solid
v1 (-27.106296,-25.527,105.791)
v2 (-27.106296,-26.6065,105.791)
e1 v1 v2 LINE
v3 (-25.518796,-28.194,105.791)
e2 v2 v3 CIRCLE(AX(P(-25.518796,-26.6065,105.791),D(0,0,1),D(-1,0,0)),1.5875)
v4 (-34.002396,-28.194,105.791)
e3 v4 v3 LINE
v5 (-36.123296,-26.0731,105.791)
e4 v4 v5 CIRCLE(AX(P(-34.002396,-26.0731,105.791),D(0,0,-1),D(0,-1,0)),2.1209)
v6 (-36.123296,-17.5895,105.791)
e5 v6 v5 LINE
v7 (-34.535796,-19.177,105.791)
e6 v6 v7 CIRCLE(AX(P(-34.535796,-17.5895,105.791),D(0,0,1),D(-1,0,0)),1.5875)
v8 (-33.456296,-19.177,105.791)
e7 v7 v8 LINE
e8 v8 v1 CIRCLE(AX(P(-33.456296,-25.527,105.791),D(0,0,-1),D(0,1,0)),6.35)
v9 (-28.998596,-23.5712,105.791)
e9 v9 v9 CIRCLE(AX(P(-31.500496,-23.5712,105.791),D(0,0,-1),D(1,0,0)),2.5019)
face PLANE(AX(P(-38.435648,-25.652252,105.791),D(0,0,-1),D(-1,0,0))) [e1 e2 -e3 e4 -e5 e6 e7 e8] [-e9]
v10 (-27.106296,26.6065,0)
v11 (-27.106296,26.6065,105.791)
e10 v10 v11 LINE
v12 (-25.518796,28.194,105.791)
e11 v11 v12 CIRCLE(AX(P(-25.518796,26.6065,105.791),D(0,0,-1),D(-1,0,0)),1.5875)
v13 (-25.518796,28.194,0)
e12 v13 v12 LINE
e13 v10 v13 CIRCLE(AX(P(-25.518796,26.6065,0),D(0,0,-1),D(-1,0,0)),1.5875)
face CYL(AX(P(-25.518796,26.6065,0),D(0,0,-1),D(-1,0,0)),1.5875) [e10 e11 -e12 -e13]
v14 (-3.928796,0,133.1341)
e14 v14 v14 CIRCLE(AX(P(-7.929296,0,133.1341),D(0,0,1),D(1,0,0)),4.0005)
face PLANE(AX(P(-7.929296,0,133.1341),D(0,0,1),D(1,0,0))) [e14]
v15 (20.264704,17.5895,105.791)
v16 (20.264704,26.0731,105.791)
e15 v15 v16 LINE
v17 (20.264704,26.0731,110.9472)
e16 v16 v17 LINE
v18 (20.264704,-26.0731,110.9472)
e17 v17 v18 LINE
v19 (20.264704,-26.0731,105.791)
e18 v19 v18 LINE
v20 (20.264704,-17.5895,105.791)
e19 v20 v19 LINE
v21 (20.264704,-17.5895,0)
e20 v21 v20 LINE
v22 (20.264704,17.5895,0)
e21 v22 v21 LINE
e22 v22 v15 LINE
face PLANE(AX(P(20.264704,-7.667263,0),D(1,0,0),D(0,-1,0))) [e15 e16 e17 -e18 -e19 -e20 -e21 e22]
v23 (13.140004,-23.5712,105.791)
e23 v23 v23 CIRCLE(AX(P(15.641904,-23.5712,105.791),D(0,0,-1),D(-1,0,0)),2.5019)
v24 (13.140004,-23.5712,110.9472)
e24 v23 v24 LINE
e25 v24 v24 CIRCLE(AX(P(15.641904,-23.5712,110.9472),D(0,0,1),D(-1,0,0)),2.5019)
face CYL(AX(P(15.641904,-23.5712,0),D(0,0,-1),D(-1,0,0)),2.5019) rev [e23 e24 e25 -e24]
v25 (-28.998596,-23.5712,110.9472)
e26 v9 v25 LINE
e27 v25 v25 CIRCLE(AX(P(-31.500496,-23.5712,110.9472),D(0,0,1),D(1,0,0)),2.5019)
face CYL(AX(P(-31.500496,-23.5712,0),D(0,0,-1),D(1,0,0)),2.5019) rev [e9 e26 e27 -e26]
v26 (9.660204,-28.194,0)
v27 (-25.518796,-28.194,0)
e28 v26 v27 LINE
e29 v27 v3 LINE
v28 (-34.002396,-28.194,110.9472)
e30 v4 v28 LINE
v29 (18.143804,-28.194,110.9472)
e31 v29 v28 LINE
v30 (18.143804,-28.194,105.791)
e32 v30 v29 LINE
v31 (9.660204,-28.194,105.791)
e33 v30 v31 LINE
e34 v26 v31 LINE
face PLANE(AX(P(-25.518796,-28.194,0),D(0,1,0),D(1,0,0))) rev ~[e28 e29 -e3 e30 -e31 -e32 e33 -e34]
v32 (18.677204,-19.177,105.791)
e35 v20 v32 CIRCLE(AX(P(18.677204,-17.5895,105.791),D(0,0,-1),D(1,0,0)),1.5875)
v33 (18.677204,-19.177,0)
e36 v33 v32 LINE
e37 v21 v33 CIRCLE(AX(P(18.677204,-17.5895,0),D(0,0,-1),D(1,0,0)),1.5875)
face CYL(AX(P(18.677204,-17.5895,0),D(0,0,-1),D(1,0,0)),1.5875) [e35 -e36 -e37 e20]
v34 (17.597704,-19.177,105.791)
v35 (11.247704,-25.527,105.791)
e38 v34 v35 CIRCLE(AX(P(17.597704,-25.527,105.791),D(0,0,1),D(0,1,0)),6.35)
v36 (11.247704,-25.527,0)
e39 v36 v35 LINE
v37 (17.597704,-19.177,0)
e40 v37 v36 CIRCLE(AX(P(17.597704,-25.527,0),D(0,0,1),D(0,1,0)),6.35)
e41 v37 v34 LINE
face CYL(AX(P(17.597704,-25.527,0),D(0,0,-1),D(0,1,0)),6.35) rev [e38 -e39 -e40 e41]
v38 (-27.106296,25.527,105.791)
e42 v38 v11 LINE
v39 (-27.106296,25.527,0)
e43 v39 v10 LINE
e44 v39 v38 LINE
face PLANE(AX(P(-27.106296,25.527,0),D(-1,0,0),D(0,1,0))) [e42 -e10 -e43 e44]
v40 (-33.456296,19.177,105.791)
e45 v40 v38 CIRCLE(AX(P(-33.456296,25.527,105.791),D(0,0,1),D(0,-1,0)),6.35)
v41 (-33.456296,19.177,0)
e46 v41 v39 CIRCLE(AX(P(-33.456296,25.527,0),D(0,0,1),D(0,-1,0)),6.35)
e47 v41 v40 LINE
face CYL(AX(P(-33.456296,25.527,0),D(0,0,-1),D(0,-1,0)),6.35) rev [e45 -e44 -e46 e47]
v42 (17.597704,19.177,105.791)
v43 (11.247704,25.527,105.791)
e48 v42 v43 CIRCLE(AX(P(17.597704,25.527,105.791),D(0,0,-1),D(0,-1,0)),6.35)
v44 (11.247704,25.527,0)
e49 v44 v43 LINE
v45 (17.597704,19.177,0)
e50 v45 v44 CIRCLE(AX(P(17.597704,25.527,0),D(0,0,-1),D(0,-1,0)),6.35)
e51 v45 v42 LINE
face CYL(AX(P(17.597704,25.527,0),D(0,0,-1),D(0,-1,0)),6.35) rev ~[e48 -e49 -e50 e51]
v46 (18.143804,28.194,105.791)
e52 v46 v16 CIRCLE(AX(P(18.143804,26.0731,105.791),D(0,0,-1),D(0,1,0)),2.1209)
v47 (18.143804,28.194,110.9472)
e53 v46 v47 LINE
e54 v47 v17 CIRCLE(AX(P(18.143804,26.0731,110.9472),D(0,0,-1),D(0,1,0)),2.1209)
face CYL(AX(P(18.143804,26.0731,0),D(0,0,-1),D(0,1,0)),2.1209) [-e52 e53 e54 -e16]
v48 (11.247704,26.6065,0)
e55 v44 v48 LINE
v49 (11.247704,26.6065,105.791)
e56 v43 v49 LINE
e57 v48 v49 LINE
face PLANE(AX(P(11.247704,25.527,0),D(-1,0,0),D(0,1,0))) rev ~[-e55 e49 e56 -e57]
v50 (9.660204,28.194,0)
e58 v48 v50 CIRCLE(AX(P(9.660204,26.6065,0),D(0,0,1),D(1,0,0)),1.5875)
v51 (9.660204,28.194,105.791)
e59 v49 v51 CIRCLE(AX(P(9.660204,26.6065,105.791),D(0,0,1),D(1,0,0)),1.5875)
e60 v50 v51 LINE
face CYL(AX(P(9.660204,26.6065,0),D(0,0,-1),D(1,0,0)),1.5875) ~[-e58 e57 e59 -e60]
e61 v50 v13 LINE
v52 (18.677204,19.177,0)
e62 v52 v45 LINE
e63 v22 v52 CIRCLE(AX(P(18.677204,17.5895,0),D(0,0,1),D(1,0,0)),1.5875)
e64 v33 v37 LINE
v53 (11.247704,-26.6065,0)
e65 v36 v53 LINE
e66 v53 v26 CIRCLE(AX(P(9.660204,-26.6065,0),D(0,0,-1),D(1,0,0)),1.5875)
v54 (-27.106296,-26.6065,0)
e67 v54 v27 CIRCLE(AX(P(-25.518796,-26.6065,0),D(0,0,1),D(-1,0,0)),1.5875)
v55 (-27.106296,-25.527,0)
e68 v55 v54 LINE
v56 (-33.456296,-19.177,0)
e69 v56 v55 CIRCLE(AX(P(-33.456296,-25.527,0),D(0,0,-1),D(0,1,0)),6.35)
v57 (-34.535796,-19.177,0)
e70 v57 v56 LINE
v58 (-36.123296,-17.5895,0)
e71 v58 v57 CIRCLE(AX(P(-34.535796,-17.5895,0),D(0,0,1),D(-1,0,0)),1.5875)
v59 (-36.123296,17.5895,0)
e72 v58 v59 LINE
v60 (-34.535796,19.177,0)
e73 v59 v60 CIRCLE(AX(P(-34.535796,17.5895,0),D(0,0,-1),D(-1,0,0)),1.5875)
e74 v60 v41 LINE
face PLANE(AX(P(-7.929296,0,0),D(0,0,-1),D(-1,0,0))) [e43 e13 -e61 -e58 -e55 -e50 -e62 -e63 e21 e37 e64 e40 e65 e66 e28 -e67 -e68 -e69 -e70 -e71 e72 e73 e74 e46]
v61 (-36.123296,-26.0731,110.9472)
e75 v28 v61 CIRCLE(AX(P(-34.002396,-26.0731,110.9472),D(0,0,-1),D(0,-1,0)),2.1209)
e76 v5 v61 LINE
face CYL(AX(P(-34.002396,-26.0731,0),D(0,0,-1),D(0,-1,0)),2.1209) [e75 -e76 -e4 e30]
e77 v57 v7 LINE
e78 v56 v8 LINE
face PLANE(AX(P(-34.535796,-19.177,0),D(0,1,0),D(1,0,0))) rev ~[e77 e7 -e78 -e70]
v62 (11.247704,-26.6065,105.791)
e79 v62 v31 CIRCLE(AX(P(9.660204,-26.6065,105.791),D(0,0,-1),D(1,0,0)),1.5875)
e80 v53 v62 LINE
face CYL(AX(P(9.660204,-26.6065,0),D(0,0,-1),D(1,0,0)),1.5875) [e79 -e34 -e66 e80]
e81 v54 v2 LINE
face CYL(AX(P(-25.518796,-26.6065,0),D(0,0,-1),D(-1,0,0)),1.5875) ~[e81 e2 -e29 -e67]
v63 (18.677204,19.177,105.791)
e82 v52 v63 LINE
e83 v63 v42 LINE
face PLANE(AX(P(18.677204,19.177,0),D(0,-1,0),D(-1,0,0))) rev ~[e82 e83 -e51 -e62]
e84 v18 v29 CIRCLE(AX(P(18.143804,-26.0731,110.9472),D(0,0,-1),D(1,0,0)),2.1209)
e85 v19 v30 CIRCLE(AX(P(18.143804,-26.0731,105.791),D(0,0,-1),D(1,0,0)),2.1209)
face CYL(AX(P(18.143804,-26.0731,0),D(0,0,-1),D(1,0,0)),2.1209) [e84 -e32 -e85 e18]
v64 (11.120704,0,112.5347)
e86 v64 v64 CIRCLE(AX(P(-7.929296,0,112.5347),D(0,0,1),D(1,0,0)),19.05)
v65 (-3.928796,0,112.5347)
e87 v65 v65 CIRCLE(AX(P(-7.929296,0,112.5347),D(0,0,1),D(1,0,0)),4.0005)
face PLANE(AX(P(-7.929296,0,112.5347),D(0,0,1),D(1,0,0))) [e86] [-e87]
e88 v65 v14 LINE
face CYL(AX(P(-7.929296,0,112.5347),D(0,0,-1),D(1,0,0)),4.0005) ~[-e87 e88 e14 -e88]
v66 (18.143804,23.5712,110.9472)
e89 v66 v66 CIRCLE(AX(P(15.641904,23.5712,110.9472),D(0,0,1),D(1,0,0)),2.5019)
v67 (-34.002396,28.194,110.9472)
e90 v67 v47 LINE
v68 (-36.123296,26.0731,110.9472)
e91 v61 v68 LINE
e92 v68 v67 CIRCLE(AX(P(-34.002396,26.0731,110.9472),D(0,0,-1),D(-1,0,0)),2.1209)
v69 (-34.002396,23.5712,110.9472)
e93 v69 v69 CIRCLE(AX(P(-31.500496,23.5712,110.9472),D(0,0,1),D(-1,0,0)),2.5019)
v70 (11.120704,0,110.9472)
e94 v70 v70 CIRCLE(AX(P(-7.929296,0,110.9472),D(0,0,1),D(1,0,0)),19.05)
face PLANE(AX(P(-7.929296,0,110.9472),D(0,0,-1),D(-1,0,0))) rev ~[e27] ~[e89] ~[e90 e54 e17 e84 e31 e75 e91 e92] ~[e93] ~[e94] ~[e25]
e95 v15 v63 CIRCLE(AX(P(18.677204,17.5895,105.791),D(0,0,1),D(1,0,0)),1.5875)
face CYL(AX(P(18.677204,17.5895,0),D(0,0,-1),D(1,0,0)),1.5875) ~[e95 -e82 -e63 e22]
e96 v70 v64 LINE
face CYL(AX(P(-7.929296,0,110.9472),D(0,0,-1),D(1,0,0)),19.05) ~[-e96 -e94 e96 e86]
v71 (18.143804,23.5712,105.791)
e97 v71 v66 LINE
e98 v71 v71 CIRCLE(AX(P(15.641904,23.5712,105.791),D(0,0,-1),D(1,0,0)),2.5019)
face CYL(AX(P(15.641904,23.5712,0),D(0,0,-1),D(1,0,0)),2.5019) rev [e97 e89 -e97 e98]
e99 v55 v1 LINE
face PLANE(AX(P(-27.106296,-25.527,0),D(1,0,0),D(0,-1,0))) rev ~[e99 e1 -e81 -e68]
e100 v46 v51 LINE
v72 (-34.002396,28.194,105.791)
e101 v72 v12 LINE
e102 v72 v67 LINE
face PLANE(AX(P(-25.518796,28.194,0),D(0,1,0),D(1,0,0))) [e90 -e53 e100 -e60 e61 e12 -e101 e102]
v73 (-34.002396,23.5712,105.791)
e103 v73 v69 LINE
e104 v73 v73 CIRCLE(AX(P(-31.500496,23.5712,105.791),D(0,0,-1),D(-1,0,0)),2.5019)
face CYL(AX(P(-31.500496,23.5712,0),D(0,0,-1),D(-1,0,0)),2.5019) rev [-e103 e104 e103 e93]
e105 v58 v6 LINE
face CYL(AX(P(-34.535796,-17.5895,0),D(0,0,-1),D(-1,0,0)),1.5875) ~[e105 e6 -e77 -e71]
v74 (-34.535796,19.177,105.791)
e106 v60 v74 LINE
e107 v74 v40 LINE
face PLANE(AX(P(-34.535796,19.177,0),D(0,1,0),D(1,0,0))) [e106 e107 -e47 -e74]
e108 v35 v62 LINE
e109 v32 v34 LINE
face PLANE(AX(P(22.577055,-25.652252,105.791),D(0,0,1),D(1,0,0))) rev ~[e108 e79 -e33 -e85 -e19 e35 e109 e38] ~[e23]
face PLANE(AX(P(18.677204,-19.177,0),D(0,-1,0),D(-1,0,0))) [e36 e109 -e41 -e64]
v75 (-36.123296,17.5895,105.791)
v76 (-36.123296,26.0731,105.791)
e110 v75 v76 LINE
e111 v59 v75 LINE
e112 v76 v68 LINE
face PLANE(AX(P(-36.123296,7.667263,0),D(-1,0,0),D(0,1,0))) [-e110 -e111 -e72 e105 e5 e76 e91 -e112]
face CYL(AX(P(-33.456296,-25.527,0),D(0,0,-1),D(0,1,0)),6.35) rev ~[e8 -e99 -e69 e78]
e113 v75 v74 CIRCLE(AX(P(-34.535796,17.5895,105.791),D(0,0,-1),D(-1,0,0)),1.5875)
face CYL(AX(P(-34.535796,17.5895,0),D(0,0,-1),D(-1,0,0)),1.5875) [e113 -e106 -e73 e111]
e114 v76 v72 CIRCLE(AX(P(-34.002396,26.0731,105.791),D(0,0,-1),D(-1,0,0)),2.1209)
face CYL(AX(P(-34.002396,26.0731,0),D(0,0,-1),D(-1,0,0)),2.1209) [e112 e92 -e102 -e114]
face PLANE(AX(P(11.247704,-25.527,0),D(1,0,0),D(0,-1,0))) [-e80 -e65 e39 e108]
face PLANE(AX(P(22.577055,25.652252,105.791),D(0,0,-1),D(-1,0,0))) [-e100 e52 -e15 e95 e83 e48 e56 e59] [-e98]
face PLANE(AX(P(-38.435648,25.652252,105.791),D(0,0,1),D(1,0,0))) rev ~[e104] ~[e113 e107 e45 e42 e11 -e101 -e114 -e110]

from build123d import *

# Parameters (mm, degrees)
SKETCH1_R           = 2.5019
BOSS_EXTRUDE1_DEPTH = 110.9472
SKETCH2_R           = 19.05
BOSS_EXTRUDE2_DEPTH = 1.5875
SKETCH3_R           = 4.0005
BOSS_EXTRUDE3_DEPTH = 20.5994
CUT_EXTRUDE1_DEPTH  = 105.791


with BuildPart() as part:
    # Sketch1 → Boss-Extrude1 (new body)
    with BuildSketch(Plane.XY):
        with BuildLine():
            Line((-34.002396427, 28.194), (18.143803573, 28.194))
            ThreePointArc((18.143803573, 28.194), (19.643506345, 27.572802772), (20.264703573, 26.0731))
            Line((20.264703573, 26.0731), (20.264703573, -26.0731))
            ThreePointArc((20.264703573, -26.0731), (19.643506345, -27.572802772), (18.143803573, -28.194))
            Line((18.143803573, -28.194), (-34.002396427, -28.194))
            ThreePointArc((-34.002396427, -28.194), (-35.502099199, -27.572802772), (-36.123296427, -26.0731))
            Line((-36.123296427, -26.0731), (-36.123296427, 26.0731))
            ThreePointArc((-36.123296427, 26.0731), (-35.502099199, 27.572802772), (-34.002396427, 28.194))
        make_face()
        with Locations((15.641903573, 23.5712)):
            Circle(SKETCH1_R, mode=Mode.SUBTRACT)
        with Locations(Location((-31.500496427, 23.5712, 0), (0, 0, 180))):
            Circle(SKETCH1_R, mode=Mode.SUBTRACT)
        with Locations((-31.500496427, -23.5712)):
            Circle(SKETCH1_R, mode=Mode.SUBTRACT)
        with Locations(Location((15.641903573, -23.5712, 0), (0, 0, 180))):
            Circle(SKETCH1_R, mode=Mode.SUBTRACT)
    extrude(amount=BOSS_EXTRUDE1_DEPTH)

    # Sketch2 → Boss-Extrude2 (add)
    with BuildSketch(Plane.XY.offset(110.9472)):
        with Locations((-7.929296427, 0)):
            Circle(SKETCH2_R)
    extrude(amount=BOSS_EXTRUDE2_DEPTH)

    # Sketch3 → Boss-Extrude3 (add)
    with BuildSketch(Plane.XY.offset(112.5347)):
        with Locations((-7.929296427, 0)):
            Circle(SKETCH3_R)
    extrude(amount=BOSS_EXTRUDE3_DEPTH)

    # Sketch4 → Cut-Extrude1 (cut)
    with BuildSketch(Plane(origin=(0, 0, 0), x_dir=(-1, 0, 0), z_dir=(0, 0, -1))):
        with BuildLine():
            Line((34.535796427, -19.177), (33.456296427, -19.177))
            ThreePointArc((33.456296427, -19.177), (28.966168367, -21.036871939), (27.106296427, -25.527))
            Line((27.106296427, -25.527), (27.106296427, -26.6065))
            ThreePointArc((27.106296427, -26.6065), (26.641328442, -27.729032015), (25.518796427, -28.194))
            Line((25.518796427, -28.194), (18.677208221, -28.194))
            Line((18.677208221, -28.194), (18.677208221, -39.079996732))
            Line((18.677208221, -39.079996732), (53.323924266, -39.079996732))
            Line((53.323924266, -39.079996732), (53.323924266, -7.667262783))
            Line((53.323924266, -7.667262783), (36.123296427, -7.667262783))
            Line((36.123296427, -7.667262783), (36.123296427, -17.5895))
            ThreePointArc((36.123296427, -17.5895), (35.658328442, -18.712032015), (34.535796427, -19.177))
        make_face()
        with BuildLine():
            Line((36.123296427, 7.667262783), (36.123296427, 17.5895))
            ThreePointArc((36.123296427, 17.5895), (35.658328442, 18.712032015), (34.535796427, 19.177))
            Line((34.535796427, 19.177), (33.456296427, 19.177))
            ThreePointArc((33.456296427, 19.177), (28.966168367, 21.036871939), (27.106296427, 25.527))
            Line((27.106296427, 25.527), (27.106296427, 26.6065))
            ThreePointArc((27.106296427, 26.6065), (26.641328442, 27.729032015), (25.518796427, 28.194))
            Line((25.518796427, 28.194), (18.677208221, 28.194))
            Line((18.677208221, 28.194), (18.677208221, 39.079996732))
            Line((18.677208221, 39.079996732), (53.323924266, 39.079996732))
            Line((53.323924266, 39.079996732), (53.323924266, 7.667262783))
            Line((53.323924266, 7.667262783), (36.123296427, 7.667262783))
        make_face()
        with BuildLine():
            Line((-18.677203573, 19.177), (-17.597703573, 19.177))
            ThreePointArc((-17.597703573, 19.177), (-13.107575512, 21.036871939), (-11.247703573, 25.527))
            Line((-11.247703573, 25.527), (-11.247703573, 26.6065))
            ThreePointArc((-11.247703573, 26.6065), (-10.782735588, 27.729032015), (-9.660203573, 28.194))
            Line((-9.660203573, 28.194), (-2.818615366, 28.194))
            Line((-2.818615366, 28.194), (-2.818615366, 39.079996732))
            Line((-2.818615366, 39.079996732), (-37.465331412, 39.079996732))
            Line((-37.465331412, 39.079996732), (-37.465331412, 7.667262783))
            Line((-37.465331412, 7.667262783), (-20.264703573, 7.667262783))
            Line((-20.264703573, 7.667262783), (-20.264703573, 17.5895))
            ThreePointArc((-20.264703573, 17.5895), (-19.799735588, 18.712032015), (-18.677203573, 19.177))
        make_face()
        with BuildLine():
            Line((-20.264703573, -7.667262783), (-20.264703573, -17.5895))
            ThreePointArc((-20.264703573, -17.5895), (-19.799735588, -18.712032015), (-18.677203573, -19.177))
            Line((-18.677203573, -19.177), (-17.597703573, -19.177))
            ThreePointArc((-17.597703573, -19.177), (-13.107575512, -21.036871939), (-11.247703573, -25.527))
            Line((-11.247703573, -25.527), (-11.247703573, -26.6065))
            ThreePointArc((-11.247703573, -26.6065), (-10.782735588, -27.729032015), (-9.660203573, -28.194))
            Line((-9.660203573, -28.194), (-2.818615366, -28.194))
            Line((-2.818615366, -28.194), (-2.818615366, -39.079996732))
            Line((-2.818615366, -39.079996732), (-37.465331412, -39.079996732))
            Line((-37.465331412, -39.079996732), (-37.465331412, -7.667262783))
            Line((-37.465331412, -7.667262783), (-20.264703573, -7.667262783))
        make_face()
    extrude(amount=-CUT_EXTRUDE1_DEPTH, mode=Mode.SUBTRACT)


solid = part.part
